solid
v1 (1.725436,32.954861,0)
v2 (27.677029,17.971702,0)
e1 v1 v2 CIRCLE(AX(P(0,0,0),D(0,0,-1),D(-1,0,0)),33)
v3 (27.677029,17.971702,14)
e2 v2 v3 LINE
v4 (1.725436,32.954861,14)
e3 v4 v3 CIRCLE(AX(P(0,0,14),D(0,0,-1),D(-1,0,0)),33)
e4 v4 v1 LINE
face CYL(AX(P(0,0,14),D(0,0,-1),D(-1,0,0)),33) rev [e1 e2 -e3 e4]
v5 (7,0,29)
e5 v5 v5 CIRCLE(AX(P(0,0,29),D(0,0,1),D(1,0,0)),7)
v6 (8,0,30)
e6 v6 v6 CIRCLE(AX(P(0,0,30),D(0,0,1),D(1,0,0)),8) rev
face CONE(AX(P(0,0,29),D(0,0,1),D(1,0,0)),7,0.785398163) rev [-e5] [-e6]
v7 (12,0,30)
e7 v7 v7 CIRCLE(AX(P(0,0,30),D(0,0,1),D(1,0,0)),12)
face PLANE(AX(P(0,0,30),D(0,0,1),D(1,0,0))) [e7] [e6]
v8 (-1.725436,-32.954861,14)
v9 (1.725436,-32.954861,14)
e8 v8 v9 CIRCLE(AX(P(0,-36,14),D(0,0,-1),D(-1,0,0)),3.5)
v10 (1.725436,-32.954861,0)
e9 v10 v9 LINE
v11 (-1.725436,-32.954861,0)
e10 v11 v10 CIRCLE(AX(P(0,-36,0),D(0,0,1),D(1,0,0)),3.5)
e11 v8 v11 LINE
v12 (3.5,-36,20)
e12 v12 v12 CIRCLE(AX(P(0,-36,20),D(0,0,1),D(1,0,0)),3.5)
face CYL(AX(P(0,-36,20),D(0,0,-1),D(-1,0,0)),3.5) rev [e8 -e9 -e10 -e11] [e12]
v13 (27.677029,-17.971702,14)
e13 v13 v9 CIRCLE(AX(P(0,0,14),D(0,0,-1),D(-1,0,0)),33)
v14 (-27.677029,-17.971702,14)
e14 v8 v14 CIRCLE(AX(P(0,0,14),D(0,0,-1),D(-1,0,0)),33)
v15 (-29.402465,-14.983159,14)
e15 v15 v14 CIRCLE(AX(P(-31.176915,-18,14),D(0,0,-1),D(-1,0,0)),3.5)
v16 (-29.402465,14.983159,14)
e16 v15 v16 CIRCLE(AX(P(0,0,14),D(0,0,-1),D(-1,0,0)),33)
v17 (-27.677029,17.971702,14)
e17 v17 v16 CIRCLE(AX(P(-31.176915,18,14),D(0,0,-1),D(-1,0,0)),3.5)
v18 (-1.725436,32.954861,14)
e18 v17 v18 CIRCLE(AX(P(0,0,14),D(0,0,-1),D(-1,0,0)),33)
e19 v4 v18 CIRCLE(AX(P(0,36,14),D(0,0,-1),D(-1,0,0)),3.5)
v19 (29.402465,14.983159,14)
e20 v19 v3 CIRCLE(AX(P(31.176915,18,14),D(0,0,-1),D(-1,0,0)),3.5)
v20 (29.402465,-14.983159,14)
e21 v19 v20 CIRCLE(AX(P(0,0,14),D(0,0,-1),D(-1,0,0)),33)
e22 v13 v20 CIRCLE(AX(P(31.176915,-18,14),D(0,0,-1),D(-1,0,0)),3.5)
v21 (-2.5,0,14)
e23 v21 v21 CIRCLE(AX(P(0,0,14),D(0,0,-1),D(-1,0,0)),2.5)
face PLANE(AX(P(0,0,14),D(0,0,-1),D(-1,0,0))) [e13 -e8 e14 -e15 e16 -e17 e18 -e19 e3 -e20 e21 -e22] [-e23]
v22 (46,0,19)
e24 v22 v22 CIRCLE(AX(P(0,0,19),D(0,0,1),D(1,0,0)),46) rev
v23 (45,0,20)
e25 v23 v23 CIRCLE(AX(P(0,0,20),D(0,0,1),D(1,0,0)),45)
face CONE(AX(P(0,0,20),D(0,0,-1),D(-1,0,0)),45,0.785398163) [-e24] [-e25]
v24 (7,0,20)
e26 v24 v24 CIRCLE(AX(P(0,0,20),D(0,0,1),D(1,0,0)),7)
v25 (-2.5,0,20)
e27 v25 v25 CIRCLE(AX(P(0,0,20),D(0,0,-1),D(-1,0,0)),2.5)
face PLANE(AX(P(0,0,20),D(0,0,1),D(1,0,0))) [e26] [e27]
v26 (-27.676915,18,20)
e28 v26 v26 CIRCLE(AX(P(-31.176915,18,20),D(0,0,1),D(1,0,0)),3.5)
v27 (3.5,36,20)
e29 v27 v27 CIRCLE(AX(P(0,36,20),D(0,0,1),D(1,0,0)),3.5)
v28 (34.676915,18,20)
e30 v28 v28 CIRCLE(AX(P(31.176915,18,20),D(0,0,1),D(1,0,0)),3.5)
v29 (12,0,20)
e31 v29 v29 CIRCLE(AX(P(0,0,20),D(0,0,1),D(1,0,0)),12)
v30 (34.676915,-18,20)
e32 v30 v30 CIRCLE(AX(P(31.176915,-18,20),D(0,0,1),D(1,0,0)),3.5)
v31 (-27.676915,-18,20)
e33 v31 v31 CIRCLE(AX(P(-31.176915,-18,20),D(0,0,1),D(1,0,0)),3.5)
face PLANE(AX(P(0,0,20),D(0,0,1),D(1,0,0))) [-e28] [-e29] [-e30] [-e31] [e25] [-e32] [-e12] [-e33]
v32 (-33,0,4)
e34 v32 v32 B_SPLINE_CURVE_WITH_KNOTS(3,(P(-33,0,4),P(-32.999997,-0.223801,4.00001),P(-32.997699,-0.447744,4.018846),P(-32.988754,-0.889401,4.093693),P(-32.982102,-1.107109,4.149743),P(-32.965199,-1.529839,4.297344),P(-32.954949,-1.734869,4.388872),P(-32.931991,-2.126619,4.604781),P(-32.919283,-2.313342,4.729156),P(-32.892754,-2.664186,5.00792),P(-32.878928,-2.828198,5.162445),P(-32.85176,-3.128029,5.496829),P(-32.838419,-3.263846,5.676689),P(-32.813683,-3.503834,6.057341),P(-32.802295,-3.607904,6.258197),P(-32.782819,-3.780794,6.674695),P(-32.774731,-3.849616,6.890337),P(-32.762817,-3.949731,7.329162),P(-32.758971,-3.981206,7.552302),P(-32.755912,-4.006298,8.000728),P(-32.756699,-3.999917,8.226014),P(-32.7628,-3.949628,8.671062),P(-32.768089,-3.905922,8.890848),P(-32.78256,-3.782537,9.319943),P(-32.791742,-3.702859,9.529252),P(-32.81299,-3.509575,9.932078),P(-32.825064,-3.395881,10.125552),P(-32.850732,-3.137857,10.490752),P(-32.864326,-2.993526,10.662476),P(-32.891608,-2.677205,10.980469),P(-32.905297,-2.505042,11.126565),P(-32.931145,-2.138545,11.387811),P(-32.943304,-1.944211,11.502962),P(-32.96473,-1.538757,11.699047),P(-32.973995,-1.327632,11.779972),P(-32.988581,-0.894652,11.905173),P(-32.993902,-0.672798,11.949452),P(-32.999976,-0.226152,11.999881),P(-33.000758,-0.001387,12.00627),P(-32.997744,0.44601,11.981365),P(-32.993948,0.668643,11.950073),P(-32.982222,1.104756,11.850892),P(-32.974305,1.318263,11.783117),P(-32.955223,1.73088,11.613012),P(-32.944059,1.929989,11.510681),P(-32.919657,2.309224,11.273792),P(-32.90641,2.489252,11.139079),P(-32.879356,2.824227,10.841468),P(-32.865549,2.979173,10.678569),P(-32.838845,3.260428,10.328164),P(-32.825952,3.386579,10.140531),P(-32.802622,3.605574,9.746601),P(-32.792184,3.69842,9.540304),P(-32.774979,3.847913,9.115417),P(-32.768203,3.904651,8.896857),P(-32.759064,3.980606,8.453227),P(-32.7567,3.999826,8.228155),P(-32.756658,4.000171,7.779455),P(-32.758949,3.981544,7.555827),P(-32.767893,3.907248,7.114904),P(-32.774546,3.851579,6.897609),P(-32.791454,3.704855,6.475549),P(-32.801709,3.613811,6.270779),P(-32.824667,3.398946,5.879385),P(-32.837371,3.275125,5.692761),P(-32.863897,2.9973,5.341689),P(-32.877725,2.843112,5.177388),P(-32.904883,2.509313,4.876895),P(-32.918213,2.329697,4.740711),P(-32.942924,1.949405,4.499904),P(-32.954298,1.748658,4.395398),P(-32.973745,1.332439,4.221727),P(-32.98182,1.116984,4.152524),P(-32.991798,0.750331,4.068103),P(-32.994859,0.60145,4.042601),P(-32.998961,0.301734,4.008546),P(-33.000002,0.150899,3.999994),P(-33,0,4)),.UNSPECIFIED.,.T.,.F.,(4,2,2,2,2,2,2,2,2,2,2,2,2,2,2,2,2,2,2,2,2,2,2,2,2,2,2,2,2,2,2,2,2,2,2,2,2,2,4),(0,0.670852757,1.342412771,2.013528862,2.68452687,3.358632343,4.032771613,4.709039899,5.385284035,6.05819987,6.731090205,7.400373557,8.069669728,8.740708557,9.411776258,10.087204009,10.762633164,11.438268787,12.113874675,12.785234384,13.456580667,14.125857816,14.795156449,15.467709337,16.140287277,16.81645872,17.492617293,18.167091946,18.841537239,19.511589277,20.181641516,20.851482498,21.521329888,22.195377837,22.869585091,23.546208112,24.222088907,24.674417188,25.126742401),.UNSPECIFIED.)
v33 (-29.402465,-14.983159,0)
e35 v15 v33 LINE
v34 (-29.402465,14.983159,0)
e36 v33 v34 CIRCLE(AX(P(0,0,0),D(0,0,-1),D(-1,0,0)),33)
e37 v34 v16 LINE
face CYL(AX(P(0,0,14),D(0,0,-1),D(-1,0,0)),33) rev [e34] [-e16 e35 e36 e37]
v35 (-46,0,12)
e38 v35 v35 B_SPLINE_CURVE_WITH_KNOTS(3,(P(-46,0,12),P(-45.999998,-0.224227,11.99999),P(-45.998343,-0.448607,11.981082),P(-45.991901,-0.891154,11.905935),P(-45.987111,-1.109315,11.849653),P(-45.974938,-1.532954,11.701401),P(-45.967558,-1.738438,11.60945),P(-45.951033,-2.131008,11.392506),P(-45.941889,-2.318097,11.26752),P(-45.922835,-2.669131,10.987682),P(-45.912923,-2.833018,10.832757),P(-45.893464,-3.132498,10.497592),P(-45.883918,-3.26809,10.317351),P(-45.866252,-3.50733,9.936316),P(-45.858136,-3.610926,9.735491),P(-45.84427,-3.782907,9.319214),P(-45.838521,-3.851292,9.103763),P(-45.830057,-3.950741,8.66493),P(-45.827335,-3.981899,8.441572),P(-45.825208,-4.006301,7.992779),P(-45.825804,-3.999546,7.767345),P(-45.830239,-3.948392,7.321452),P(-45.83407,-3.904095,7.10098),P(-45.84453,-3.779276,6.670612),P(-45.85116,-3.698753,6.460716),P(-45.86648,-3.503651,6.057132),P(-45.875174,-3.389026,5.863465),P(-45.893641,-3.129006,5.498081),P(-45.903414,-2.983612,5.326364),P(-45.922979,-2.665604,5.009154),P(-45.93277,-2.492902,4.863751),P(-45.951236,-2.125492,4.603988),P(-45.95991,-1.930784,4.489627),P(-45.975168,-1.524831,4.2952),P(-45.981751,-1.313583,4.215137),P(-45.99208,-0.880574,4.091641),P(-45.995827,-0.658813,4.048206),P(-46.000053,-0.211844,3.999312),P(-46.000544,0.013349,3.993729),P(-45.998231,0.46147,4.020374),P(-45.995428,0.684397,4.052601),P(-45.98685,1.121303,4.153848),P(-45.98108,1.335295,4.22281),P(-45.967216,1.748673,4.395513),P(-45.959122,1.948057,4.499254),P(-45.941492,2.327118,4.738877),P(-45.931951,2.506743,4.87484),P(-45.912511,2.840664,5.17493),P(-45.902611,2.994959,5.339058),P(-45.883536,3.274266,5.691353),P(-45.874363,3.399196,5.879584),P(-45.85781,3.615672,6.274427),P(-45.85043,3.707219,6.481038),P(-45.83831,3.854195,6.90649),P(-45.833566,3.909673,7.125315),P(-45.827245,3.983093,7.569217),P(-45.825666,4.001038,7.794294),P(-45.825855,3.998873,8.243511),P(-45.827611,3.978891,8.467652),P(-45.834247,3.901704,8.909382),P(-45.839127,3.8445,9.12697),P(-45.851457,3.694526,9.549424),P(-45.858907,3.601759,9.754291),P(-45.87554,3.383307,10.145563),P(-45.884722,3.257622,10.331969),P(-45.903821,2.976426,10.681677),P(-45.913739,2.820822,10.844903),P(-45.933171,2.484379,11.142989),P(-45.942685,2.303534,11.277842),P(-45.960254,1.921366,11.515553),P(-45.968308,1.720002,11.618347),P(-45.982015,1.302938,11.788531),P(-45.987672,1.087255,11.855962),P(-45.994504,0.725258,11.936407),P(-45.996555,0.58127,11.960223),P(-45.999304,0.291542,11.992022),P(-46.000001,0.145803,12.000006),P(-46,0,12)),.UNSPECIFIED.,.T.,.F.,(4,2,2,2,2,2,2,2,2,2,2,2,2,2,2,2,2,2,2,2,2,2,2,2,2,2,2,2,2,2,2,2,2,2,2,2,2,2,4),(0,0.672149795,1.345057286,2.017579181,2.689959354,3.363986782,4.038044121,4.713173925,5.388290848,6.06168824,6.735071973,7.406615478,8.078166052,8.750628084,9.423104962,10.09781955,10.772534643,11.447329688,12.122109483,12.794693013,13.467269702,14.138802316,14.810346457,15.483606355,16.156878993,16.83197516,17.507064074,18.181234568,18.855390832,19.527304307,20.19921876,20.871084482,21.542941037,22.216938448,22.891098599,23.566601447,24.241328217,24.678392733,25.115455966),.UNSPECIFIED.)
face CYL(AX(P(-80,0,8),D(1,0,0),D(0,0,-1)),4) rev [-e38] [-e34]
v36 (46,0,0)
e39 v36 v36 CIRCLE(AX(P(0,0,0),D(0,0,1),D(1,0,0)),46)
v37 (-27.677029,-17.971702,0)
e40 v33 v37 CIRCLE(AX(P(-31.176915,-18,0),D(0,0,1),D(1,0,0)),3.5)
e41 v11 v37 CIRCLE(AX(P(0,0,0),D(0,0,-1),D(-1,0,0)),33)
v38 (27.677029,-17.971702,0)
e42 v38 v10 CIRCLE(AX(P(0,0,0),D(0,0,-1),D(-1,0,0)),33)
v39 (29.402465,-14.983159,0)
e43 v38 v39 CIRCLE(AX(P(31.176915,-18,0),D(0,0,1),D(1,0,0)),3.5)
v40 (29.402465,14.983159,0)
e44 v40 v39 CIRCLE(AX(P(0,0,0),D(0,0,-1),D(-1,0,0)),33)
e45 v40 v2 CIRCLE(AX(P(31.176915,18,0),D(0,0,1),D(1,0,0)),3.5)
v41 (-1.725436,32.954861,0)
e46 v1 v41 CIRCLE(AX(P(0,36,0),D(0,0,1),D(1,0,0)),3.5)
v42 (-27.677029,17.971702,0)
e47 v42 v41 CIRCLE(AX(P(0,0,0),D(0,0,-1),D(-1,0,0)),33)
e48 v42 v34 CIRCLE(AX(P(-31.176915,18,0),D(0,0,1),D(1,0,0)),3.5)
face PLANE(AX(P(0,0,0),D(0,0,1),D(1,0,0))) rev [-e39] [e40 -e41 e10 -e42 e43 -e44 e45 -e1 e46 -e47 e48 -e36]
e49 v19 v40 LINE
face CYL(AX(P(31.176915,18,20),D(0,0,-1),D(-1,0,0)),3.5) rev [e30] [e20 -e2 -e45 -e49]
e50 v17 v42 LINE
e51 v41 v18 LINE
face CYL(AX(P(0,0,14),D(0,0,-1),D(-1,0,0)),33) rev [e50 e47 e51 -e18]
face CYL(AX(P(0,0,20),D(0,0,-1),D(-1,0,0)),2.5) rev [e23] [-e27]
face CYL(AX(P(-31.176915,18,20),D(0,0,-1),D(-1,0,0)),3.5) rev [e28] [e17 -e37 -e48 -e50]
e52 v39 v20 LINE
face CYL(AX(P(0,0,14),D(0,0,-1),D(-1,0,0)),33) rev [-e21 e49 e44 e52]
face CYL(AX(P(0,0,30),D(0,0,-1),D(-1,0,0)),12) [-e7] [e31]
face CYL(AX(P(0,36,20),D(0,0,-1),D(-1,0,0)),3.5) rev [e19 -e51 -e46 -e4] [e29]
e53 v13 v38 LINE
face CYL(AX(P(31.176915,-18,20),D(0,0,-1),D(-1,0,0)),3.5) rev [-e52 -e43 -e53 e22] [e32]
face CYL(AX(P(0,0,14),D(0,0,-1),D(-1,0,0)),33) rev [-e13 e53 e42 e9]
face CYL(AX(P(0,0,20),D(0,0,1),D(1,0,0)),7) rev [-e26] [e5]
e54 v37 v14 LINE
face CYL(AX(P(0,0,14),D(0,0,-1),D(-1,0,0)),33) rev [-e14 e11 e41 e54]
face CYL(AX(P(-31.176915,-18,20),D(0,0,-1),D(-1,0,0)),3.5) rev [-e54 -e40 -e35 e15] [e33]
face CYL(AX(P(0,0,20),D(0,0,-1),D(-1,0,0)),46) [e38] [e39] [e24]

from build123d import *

# Parameters (mm, degrees)
SKETCH1_R           = 46
SKETCH1_R_2         = 3.5
BOSS_EXTRUDE1_DEPTH = 20
CHAMFER1_SIZE       = 1
SKETCH2_R           = 12
BOSS_EXTRUDE2_DEPTH = 10
SKETCH3_R           = 33
CUT_EXTRUDE1_DEPTH  = 14
SKETCH4_R           = 2.5
CUT_EXTRUDE2_DEPTH  = 6
SKETCH5_R           = 7
CUT_EXTRUDE3_DEPTH  = 10
CHAMFER2_SIZE       = 1
SKETCH6_R           = 4
CUT_EXTRUDE4_DEPTH  = 80


with BuildPart() as part:
    # Sketch1 → Boss-Extrude1 (new body)
    with BuildSketch(Plane.XY):
        Circle(SKETCH1_R)
        with Locations((0, 36)):
            Circle(SKETCH1_R_2, mode=Mode.SUBTRACT)
        with Locations((31.176914536, 18)):
            Circle(SKETCH1_R_2, mode=Mode.SUBTRACT)
        with Locations((31.176914536, -18)):
            Circle(SKETCH1_R_2, mode=Mode.SUBTRACT)
        with Locations((0, -36)):
            Circle(SKETCH1_R_2, mode=Mode.SUBTRACT)
        with Locations((-31.176914536, -18)):
            Circle(SKETCH1_R_2, mode=Mode.SUBTRACT)
        with Locations((-31.176914536, 18)):
            Circle(SKETCH1_R_2, mode=Mode.SUBTRACT)
    extrude(amount=BOSS_EXTRUDE1_DEPTH)

    # Chamfer1
    chamfer1_edges = [part.edges().sort_by_distance(p)[0] for p in [
        (-46, 0, 20),
    ]]
    chamfer(chamfer1_edges, length=CHAMFER1_SIZE)

    # Sketch2 → Boss-Extrude2 (add)
    with BuildSketch(Plane.XY.offset(20)):
        Circle(SKETCH2_R)
    extrude(amount=BOSS_EXTRUDE2_DEPTH)

    # Sketch3 → Cut-Extrude1 (cut)
    with BuildSketch(Plane(origin=(0, 0, 0), x_dir=(-1, 0, 0), z_dir=(0, 0, -1))):
        Circle(SKETCH3_R)
    extrude(amount=-CUT_EXTRUDE1_DEPTH, mode=Mode.SUBTRACT)

    # Sketch4 → Cut-Extrude2 (cut)
    with BuildSketch(Plane(origin=(0, 0, 14), x_dir=(-1, 0, 0), z_dir=(0, 0, -1))):
        Circle(SKETCH4_R)
    extrude(amount=-CUT_EXTRUDE2_DEPTH, mode=Mode.SUBTRACT)

    # Sketch5 → Cut-Extrude3 (cut)
    with BuildSketch(Plane.XY.offset(30)):
        Circle(SKETCH5_R)
    extrude(amount=-CUT_EXTRUDE3_DEPTH, mode=Mode.SUBTRACT)

    # Chamfer2
    chamfer2_edges = [part.edges().sort_by_distance(p)[0] for p in [
        (-7, 0, 30),
    ]]
    chamfer(chamfer2_edges, length=CHAMFER2_SIZE)

    # Sketch6 → Cut-Extrude4 (cut)
    with BuildSketch(Plane(origin=(0, 0, 0), x_dir=(0, 0, -1), z_dir=(1, 0, 0))):
        with Locations((-8, 0)):
            Circle(SKETCH6_R)
    extrude(amount=-CUT_EXTRUDE4_DEPTH, mode=Mode.SUBTRACT)


solid = part.part
